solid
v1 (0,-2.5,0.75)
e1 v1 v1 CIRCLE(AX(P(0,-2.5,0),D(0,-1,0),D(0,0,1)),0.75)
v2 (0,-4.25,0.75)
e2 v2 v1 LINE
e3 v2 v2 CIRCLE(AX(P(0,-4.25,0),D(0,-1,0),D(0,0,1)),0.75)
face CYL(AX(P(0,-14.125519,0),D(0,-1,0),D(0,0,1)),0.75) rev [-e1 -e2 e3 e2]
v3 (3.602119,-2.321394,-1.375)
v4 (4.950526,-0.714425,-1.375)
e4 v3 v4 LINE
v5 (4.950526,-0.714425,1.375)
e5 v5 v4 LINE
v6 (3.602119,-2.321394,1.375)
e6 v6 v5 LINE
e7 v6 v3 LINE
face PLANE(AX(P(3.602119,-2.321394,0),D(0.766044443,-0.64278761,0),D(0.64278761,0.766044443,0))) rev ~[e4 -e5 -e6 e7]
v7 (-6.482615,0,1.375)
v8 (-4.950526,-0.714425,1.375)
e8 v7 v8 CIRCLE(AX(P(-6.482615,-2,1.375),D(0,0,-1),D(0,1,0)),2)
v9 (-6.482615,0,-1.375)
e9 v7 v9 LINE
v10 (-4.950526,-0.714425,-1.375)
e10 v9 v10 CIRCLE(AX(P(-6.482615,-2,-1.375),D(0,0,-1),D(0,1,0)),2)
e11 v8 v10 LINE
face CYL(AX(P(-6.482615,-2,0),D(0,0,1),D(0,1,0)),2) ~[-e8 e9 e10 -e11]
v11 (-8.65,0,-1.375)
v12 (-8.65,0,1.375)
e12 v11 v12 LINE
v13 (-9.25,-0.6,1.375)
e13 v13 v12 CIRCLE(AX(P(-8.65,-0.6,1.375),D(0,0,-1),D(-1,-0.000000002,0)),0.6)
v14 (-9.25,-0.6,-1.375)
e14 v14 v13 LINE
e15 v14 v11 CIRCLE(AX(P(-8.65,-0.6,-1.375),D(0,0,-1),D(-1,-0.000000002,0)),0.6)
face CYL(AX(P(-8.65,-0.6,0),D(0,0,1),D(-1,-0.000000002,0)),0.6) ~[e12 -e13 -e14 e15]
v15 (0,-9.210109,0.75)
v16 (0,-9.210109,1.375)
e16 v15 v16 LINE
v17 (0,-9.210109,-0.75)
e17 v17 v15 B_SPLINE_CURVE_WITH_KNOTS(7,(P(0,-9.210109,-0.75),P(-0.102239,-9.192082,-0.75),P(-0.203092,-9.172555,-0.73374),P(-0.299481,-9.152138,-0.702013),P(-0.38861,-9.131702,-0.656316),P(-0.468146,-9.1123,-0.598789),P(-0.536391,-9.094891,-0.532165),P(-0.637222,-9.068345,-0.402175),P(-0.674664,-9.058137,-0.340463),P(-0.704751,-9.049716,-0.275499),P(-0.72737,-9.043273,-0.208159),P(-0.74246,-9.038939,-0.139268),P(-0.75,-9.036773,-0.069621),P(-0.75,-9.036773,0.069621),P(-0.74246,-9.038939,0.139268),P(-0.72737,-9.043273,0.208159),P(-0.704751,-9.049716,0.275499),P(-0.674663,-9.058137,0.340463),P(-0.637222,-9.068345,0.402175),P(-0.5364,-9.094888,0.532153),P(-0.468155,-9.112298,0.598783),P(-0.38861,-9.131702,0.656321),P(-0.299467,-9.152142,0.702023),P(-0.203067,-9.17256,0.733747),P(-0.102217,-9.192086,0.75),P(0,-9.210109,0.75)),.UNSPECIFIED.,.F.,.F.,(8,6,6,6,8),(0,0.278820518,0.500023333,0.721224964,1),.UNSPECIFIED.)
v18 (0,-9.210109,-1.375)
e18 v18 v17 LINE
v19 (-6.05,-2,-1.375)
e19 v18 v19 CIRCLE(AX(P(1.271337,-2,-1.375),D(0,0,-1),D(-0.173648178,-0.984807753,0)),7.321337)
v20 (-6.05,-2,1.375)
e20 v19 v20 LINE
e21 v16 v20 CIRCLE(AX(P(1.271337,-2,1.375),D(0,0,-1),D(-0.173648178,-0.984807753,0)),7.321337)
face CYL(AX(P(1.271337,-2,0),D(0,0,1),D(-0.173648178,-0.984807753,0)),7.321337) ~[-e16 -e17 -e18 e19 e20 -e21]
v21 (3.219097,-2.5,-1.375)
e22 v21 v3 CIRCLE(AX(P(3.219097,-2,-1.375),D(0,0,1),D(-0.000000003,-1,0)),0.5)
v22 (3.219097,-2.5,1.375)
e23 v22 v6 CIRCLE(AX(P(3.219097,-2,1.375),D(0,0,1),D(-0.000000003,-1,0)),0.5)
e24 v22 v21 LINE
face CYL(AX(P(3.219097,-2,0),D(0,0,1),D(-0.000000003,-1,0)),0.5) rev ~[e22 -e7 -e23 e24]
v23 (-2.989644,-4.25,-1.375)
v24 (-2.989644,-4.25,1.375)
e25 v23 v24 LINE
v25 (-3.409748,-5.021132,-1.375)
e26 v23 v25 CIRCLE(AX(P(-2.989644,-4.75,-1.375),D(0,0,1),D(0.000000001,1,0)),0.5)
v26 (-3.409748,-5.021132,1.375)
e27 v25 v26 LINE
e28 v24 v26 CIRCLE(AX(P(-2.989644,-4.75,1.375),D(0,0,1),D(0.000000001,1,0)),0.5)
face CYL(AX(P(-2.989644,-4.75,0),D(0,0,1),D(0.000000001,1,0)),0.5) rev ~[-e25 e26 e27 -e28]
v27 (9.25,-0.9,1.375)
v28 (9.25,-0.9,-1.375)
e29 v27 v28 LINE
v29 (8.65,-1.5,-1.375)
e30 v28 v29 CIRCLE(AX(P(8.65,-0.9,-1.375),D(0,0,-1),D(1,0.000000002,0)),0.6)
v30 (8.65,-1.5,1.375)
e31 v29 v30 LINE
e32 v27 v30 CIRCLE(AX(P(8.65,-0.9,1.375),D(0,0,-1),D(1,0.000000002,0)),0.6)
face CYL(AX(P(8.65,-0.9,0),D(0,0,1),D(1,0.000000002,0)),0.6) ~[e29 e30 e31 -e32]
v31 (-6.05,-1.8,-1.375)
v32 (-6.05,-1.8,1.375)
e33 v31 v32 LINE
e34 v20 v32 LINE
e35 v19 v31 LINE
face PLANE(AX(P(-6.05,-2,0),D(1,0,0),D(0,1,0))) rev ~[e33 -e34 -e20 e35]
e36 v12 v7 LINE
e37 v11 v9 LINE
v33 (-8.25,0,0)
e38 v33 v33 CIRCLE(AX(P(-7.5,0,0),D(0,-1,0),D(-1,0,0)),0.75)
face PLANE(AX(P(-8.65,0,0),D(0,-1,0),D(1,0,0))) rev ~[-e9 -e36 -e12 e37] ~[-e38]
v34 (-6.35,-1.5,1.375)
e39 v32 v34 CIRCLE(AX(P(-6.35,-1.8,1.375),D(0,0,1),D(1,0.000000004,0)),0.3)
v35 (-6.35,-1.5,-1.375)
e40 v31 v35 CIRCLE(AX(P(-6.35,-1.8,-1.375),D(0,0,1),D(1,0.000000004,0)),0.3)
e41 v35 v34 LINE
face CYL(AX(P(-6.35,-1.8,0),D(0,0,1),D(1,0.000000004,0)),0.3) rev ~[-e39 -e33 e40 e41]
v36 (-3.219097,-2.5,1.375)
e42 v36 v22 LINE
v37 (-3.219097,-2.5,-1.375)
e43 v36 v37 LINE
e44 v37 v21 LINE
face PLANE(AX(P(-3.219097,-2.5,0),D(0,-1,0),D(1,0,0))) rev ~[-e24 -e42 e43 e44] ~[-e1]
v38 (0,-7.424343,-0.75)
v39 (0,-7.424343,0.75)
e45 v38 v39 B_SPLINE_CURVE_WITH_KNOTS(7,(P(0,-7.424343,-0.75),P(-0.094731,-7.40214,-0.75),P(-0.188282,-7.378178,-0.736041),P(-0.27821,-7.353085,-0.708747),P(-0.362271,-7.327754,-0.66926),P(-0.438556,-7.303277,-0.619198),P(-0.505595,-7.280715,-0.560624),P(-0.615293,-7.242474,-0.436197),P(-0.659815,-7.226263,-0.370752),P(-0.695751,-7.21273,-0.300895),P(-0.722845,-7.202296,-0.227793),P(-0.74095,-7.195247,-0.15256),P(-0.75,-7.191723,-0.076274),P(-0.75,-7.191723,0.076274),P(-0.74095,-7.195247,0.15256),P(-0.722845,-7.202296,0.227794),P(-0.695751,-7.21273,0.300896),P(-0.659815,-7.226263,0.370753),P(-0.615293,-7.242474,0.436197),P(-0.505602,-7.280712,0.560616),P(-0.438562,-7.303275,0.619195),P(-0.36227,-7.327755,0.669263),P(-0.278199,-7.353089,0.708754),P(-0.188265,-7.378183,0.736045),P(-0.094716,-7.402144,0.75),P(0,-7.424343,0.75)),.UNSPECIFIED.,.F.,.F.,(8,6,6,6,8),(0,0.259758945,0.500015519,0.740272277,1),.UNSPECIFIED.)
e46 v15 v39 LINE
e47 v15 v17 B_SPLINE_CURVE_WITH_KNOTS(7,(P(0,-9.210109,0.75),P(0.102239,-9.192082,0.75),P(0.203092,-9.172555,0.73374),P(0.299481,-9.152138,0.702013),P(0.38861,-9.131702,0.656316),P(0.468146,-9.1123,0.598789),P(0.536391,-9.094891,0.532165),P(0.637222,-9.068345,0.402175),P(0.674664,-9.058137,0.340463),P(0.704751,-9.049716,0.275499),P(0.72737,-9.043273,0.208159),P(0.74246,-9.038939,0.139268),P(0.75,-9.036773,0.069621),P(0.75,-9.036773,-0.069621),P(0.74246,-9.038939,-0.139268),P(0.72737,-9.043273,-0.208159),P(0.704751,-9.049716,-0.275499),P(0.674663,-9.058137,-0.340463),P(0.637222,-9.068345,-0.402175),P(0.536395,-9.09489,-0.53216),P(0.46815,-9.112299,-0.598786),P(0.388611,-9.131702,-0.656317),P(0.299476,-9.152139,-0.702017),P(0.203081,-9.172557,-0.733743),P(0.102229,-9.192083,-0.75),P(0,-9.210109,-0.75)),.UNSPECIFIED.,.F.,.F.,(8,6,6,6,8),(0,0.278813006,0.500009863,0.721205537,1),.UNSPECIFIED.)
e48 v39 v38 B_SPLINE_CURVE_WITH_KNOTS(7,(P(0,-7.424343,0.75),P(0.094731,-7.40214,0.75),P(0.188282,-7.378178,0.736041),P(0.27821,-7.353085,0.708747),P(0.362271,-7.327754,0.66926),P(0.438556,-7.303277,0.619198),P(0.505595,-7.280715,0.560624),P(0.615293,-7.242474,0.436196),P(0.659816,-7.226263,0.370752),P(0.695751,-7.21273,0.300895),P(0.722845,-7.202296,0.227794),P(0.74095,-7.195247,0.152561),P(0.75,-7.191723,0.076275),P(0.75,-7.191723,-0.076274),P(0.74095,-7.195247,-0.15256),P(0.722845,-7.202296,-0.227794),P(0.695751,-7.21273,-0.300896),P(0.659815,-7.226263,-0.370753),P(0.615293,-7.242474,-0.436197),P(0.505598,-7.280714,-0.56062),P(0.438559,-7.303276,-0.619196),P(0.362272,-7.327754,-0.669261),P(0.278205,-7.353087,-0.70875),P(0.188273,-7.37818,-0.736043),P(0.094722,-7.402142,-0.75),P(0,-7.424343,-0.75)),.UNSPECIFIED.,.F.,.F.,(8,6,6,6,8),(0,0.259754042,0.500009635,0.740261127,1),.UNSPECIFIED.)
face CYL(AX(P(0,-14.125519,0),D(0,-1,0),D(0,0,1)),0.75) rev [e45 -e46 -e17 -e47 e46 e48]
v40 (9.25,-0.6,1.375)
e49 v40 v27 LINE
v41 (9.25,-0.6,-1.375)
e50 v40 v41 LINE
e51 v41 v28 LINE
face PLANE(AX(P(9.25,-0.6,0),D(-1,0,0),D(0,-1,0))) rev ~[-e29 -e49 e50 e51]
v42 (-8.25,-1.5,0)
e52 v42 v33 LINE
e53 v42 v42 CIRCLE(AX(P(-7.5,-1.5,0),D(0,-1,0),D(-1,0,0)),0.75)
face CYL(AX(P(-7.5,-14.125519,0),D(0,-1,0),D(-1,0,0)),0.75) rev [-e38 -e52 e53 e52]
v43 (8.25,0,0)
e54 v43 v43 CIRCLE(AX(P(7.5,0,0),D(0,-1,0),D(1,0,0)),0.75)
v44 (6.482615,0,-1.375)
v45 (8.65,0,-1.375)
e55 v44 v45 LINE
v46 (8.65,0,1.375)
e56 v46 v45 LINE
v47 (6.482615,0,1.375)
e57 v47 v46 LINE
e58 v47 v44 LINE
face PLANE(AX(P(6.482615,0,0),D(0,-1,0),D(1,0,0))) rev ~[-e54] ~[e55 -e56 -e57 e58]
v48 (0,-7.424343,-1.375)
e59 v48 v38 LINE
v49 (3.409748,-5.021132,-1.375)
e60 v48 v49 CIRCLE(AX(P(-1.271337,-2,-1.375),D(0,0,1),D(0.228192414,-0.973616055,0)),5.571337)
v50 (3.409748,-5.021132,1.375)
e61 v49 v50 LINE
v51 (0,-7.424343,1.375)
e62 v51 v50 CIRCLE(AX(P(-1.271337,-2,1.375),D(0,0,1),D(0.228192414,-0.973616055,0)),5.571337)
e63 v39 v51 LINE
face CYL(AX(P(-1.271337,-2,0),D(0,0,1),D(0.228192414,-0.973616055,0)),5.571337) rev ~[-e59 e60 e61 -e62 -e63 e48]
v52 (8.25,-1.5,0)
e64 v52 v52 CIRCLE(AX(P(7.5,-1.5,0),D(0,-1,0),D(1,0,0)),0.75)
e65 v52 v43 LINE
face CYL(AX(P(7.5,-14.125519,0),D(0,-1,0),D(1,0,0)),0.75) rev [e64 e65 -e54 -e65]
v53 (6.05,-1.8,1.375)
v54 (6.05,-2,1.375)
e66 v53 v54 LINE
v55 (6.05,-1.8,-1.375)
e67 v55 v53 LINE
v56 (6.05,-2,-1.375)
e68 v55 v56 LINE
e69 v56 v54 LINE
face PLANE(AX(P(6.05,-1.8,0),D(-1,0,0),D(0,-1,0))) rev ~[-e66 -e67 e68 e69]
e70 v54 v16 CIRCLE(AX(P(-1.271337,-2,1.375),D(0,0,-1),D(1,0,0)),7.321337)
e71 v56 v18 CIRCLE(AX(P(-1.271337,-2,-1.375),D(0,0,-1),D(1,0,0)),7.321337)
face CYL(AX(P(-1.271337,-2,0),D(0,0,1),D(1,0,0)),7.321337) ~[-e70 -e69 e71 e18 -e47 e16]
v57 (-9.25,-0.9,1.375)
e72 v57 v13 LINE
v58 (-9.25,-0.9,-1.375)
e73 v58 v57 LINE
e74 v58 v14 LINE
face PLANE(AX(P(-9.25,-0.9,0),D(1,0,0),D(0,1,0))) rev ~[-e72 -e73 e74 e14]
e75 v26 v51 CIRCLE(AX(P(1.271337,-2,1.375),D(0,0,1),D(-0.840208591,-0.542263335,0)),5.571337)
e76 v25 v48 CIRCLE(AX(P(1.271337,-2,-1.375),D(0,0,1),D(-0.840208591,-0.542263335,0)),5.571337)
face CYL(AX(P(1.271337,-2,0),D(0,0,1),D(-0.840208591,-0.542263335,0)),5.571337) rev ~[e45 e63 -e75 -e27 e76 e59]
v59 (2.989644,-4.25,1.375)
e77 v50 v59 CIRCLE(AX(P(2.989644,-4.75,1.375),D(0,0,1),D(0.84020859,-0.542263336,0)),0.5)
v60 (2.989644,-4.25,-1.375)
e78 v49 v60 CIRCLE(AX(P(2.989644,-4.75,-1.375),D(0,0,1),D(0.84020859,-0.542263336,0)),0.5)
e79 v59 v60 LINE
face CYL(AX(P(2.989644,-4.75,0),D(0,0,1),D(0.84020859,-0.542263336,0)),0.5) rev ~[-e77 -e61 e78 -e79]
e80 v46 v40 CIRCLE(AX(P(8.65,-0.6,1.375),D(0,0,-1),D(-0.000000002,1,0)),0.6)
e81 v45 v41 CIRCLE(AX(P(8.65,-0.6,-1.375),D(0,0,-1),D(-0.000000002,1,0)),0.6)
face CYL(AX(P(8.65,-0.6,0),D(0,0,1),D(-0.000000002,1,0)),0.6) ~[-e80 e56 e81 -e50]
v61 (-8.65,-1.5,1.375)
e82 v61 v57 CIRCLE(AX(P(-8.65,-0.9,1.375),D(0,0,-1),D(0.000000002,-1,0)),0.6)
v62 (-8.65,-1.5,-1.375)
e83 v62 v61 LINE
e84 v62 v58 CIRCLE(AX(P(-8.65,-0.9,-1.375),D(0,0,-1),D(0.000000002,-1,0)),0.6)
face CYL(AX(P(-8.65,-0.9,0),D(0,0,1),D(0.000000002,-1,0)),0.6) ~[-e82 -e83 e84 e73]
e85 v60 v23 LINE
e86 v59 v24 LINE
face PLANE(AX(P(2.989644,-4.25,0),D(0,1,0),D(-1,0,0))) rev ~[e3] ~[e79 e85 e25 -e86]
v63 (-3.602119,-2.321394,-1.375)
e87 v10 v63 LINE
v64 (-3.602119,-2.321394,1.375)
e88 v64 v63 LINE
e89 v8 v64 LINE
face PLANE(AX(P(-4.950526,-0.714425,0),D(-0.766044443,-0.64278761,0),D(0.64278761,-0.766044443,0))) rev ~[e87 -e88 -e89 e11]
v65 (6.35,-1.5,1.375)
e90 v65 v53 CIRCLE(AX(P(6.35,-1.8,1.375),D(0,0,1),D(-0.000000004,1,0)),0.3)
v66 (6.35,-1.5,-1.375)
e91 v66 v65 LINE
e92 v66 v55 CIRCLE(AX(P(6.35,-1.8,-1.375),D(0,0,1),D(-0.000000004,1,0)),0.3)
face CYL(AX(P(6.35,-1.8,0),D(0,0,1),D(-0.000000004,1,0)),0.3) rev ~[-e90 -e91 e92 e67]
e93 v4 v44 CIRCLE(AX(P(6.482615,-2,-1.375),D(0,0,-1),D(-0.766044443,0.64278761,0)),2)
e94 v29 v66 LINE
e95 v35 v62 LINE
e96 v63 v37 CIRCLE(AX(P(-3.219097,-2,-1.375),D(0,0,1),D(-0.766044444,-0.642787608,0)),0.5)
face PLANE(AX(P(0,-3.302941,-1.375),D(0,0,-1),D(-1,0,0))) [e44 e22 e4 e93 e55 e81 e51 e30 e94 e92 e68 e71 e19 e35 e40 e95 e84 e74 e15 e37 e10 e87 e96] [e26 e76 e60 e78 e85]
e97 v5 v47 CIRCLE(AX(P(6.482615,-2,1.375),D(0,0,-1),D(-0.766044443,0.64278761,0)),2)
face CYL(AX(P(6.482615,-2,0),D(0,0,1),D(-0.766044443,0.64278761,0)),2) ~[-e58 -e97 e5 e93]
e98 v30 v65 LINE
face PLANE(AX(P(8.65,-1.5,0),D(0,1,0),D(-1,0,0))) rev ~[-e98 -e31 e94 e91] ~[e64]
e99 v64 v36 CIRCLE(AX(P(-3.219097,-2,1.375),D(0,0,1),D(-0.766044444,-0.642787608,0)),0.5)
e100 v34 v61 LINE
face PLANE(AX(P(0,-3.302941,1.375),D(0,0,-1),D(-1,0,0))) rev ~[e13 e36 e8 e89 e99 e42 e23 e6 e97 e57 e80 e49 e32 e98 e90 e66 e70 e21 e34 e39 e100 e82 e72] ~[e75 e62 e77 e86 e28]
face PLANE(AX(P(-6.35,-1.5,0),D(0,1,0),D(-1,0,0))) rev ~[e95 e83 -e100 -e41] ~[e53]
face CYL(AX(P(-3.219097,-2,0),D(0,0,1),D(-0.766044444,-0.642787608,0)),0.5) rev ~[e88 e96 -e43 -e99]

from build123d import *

# Parameters (mm, degrees)
BOSS_EXTRUDE1_DEPTH     = 1.375
CUT_EXTRUDE1_DEPTH      = 14.125518547
CUT_EXTRUDE1_DEPTH_BACK = 14.125518547
SKETCH2_R               = 0.75


with BuildPart() as part:
    # Sketch1 → Boss-Extrude1 (new, symmetric)
    with BuildSketch(Plane.XY):
        with BuildLine():
            Line((-8.65, 0), (-6.482615316, 0))
            ThreePointArc((-6.482615316, 0), (-5.637378793, -0.187384426), (-4.95052643, -0.714424781))
            Line((-4.95052643, -0.714424781), (-3.602119315, -2.321393805))
            ThreePointArc((-3.602119315, -2.321393805), (-3.430406224, -2.453153894), (-3.219097093, -2.5))
            Line((-3.219097093, -2.5), (3.219097093, -2.5))
            ThreePointArc((3.219097093, -2.5), (3.430406224, -2.453153894), (3.602119315, -2.321393805))
            Line((3.602119315, -2.321393805), (4.95052643, -0.714424781))
            ThreePointArc((4.95052643, -0.714424781), (5.637378793, -0.187384426), (6.482615316, 0))
            Line((6.482615316, 0), (8.65, 0))
            ThreePointArc((8.65, 0), (9.074264069, -0.175735931), (9.25, -0.6))
            Line((9.25, -0.6), (9.25, -0.9))
            ThreePointArc((9.25, -0.9), (9.074264069, -1.324264069), (8.65, -1.5))
            Line((8.65, -1.5), (6.35, -1.5))
            ThreePointArc((6.35, -1.5), (6.137867966, -1.587867966), (6.05, -1.8))
            Line((6.05, -1.8), (6.05, -2))
            ThreePointArc((6.05, -2), (4.337132574, -6.706064576), (0, -9.210109235))
            ThreePointArc((0, -9.210109235), (-4.337132574, -6.706064576), (-6.05, -2))
            Line((-6.05, -2), (-6.05, -1.8))
            ThreePointArc((-6.05, -1.8), (-6.137867966, -1.587867966), (-6.35, -1.5))
            Line((-6.35, -1.5), (-8.65, -1.5))
            ThreePointArc((-8.65, -1.5), (-9.074264069, -1.324264069), (-9.25, -0.9))
            Line((-9.25, -0.9), (-9.25, -0.6))
            ThreePointArc((-9.25, -0.6), (-9.074264069, -0.175735931), (-8.65, 0))
        make_face()
        with BuildLine():
            Line((2.989643947, -4.25), (-2.989643947, -4.25))
            ThreePointArc((-2.989643947, -4.25), (-3.428714462, -4.510799074), (-3.409748242, -5.021131667))
            ThreePointArc((-3.409748242, -5.021131667), (-1.938287409, -6.553911081), (0, -7.424342947))
            ThreePointArc((0, -7.424342947), (1.938287409, -6.553911081), (3.409748242, -5.021131667))
            ThreePointArc((3.409748242, -5.021131667), (3.428714462, -4.510799074), (2.989643947, -4.25))
        make_face(mode=Mode.SUBTRACT)
    extrude(amount=BOSS_EXTRUDE1_DEPTH, both=True)

    # Sketch2 → Cut-Extrude1 (cut, two sides: drawn at the far end of the back side and taken through both)
    with BuildSketch(Plane(origin=(0, 0, 0), x_dir=(1, 0, 0), z_dir=(0, 1, 0)).offset(-CUT_EXTRUDE1_DEPTH_BACK)):
        with Locations(Location((0, 0, 0), (0, 0, 270))):
            Circle(SKETCH2_R)
        with Locations(Location((-7.5, 0, 0), (0, 0, 180))):
            Circle(SKETCH2_R)
        with Locations((7.5, 0)):
            Circle(SKETCH2_R)
    extrude(amount=CUT_EXTRUDE1_DEPTH + CUT_EXTRUDE1_DEPTH_BACK, mode=Mode.SUBTRACT)


solid = part.part
